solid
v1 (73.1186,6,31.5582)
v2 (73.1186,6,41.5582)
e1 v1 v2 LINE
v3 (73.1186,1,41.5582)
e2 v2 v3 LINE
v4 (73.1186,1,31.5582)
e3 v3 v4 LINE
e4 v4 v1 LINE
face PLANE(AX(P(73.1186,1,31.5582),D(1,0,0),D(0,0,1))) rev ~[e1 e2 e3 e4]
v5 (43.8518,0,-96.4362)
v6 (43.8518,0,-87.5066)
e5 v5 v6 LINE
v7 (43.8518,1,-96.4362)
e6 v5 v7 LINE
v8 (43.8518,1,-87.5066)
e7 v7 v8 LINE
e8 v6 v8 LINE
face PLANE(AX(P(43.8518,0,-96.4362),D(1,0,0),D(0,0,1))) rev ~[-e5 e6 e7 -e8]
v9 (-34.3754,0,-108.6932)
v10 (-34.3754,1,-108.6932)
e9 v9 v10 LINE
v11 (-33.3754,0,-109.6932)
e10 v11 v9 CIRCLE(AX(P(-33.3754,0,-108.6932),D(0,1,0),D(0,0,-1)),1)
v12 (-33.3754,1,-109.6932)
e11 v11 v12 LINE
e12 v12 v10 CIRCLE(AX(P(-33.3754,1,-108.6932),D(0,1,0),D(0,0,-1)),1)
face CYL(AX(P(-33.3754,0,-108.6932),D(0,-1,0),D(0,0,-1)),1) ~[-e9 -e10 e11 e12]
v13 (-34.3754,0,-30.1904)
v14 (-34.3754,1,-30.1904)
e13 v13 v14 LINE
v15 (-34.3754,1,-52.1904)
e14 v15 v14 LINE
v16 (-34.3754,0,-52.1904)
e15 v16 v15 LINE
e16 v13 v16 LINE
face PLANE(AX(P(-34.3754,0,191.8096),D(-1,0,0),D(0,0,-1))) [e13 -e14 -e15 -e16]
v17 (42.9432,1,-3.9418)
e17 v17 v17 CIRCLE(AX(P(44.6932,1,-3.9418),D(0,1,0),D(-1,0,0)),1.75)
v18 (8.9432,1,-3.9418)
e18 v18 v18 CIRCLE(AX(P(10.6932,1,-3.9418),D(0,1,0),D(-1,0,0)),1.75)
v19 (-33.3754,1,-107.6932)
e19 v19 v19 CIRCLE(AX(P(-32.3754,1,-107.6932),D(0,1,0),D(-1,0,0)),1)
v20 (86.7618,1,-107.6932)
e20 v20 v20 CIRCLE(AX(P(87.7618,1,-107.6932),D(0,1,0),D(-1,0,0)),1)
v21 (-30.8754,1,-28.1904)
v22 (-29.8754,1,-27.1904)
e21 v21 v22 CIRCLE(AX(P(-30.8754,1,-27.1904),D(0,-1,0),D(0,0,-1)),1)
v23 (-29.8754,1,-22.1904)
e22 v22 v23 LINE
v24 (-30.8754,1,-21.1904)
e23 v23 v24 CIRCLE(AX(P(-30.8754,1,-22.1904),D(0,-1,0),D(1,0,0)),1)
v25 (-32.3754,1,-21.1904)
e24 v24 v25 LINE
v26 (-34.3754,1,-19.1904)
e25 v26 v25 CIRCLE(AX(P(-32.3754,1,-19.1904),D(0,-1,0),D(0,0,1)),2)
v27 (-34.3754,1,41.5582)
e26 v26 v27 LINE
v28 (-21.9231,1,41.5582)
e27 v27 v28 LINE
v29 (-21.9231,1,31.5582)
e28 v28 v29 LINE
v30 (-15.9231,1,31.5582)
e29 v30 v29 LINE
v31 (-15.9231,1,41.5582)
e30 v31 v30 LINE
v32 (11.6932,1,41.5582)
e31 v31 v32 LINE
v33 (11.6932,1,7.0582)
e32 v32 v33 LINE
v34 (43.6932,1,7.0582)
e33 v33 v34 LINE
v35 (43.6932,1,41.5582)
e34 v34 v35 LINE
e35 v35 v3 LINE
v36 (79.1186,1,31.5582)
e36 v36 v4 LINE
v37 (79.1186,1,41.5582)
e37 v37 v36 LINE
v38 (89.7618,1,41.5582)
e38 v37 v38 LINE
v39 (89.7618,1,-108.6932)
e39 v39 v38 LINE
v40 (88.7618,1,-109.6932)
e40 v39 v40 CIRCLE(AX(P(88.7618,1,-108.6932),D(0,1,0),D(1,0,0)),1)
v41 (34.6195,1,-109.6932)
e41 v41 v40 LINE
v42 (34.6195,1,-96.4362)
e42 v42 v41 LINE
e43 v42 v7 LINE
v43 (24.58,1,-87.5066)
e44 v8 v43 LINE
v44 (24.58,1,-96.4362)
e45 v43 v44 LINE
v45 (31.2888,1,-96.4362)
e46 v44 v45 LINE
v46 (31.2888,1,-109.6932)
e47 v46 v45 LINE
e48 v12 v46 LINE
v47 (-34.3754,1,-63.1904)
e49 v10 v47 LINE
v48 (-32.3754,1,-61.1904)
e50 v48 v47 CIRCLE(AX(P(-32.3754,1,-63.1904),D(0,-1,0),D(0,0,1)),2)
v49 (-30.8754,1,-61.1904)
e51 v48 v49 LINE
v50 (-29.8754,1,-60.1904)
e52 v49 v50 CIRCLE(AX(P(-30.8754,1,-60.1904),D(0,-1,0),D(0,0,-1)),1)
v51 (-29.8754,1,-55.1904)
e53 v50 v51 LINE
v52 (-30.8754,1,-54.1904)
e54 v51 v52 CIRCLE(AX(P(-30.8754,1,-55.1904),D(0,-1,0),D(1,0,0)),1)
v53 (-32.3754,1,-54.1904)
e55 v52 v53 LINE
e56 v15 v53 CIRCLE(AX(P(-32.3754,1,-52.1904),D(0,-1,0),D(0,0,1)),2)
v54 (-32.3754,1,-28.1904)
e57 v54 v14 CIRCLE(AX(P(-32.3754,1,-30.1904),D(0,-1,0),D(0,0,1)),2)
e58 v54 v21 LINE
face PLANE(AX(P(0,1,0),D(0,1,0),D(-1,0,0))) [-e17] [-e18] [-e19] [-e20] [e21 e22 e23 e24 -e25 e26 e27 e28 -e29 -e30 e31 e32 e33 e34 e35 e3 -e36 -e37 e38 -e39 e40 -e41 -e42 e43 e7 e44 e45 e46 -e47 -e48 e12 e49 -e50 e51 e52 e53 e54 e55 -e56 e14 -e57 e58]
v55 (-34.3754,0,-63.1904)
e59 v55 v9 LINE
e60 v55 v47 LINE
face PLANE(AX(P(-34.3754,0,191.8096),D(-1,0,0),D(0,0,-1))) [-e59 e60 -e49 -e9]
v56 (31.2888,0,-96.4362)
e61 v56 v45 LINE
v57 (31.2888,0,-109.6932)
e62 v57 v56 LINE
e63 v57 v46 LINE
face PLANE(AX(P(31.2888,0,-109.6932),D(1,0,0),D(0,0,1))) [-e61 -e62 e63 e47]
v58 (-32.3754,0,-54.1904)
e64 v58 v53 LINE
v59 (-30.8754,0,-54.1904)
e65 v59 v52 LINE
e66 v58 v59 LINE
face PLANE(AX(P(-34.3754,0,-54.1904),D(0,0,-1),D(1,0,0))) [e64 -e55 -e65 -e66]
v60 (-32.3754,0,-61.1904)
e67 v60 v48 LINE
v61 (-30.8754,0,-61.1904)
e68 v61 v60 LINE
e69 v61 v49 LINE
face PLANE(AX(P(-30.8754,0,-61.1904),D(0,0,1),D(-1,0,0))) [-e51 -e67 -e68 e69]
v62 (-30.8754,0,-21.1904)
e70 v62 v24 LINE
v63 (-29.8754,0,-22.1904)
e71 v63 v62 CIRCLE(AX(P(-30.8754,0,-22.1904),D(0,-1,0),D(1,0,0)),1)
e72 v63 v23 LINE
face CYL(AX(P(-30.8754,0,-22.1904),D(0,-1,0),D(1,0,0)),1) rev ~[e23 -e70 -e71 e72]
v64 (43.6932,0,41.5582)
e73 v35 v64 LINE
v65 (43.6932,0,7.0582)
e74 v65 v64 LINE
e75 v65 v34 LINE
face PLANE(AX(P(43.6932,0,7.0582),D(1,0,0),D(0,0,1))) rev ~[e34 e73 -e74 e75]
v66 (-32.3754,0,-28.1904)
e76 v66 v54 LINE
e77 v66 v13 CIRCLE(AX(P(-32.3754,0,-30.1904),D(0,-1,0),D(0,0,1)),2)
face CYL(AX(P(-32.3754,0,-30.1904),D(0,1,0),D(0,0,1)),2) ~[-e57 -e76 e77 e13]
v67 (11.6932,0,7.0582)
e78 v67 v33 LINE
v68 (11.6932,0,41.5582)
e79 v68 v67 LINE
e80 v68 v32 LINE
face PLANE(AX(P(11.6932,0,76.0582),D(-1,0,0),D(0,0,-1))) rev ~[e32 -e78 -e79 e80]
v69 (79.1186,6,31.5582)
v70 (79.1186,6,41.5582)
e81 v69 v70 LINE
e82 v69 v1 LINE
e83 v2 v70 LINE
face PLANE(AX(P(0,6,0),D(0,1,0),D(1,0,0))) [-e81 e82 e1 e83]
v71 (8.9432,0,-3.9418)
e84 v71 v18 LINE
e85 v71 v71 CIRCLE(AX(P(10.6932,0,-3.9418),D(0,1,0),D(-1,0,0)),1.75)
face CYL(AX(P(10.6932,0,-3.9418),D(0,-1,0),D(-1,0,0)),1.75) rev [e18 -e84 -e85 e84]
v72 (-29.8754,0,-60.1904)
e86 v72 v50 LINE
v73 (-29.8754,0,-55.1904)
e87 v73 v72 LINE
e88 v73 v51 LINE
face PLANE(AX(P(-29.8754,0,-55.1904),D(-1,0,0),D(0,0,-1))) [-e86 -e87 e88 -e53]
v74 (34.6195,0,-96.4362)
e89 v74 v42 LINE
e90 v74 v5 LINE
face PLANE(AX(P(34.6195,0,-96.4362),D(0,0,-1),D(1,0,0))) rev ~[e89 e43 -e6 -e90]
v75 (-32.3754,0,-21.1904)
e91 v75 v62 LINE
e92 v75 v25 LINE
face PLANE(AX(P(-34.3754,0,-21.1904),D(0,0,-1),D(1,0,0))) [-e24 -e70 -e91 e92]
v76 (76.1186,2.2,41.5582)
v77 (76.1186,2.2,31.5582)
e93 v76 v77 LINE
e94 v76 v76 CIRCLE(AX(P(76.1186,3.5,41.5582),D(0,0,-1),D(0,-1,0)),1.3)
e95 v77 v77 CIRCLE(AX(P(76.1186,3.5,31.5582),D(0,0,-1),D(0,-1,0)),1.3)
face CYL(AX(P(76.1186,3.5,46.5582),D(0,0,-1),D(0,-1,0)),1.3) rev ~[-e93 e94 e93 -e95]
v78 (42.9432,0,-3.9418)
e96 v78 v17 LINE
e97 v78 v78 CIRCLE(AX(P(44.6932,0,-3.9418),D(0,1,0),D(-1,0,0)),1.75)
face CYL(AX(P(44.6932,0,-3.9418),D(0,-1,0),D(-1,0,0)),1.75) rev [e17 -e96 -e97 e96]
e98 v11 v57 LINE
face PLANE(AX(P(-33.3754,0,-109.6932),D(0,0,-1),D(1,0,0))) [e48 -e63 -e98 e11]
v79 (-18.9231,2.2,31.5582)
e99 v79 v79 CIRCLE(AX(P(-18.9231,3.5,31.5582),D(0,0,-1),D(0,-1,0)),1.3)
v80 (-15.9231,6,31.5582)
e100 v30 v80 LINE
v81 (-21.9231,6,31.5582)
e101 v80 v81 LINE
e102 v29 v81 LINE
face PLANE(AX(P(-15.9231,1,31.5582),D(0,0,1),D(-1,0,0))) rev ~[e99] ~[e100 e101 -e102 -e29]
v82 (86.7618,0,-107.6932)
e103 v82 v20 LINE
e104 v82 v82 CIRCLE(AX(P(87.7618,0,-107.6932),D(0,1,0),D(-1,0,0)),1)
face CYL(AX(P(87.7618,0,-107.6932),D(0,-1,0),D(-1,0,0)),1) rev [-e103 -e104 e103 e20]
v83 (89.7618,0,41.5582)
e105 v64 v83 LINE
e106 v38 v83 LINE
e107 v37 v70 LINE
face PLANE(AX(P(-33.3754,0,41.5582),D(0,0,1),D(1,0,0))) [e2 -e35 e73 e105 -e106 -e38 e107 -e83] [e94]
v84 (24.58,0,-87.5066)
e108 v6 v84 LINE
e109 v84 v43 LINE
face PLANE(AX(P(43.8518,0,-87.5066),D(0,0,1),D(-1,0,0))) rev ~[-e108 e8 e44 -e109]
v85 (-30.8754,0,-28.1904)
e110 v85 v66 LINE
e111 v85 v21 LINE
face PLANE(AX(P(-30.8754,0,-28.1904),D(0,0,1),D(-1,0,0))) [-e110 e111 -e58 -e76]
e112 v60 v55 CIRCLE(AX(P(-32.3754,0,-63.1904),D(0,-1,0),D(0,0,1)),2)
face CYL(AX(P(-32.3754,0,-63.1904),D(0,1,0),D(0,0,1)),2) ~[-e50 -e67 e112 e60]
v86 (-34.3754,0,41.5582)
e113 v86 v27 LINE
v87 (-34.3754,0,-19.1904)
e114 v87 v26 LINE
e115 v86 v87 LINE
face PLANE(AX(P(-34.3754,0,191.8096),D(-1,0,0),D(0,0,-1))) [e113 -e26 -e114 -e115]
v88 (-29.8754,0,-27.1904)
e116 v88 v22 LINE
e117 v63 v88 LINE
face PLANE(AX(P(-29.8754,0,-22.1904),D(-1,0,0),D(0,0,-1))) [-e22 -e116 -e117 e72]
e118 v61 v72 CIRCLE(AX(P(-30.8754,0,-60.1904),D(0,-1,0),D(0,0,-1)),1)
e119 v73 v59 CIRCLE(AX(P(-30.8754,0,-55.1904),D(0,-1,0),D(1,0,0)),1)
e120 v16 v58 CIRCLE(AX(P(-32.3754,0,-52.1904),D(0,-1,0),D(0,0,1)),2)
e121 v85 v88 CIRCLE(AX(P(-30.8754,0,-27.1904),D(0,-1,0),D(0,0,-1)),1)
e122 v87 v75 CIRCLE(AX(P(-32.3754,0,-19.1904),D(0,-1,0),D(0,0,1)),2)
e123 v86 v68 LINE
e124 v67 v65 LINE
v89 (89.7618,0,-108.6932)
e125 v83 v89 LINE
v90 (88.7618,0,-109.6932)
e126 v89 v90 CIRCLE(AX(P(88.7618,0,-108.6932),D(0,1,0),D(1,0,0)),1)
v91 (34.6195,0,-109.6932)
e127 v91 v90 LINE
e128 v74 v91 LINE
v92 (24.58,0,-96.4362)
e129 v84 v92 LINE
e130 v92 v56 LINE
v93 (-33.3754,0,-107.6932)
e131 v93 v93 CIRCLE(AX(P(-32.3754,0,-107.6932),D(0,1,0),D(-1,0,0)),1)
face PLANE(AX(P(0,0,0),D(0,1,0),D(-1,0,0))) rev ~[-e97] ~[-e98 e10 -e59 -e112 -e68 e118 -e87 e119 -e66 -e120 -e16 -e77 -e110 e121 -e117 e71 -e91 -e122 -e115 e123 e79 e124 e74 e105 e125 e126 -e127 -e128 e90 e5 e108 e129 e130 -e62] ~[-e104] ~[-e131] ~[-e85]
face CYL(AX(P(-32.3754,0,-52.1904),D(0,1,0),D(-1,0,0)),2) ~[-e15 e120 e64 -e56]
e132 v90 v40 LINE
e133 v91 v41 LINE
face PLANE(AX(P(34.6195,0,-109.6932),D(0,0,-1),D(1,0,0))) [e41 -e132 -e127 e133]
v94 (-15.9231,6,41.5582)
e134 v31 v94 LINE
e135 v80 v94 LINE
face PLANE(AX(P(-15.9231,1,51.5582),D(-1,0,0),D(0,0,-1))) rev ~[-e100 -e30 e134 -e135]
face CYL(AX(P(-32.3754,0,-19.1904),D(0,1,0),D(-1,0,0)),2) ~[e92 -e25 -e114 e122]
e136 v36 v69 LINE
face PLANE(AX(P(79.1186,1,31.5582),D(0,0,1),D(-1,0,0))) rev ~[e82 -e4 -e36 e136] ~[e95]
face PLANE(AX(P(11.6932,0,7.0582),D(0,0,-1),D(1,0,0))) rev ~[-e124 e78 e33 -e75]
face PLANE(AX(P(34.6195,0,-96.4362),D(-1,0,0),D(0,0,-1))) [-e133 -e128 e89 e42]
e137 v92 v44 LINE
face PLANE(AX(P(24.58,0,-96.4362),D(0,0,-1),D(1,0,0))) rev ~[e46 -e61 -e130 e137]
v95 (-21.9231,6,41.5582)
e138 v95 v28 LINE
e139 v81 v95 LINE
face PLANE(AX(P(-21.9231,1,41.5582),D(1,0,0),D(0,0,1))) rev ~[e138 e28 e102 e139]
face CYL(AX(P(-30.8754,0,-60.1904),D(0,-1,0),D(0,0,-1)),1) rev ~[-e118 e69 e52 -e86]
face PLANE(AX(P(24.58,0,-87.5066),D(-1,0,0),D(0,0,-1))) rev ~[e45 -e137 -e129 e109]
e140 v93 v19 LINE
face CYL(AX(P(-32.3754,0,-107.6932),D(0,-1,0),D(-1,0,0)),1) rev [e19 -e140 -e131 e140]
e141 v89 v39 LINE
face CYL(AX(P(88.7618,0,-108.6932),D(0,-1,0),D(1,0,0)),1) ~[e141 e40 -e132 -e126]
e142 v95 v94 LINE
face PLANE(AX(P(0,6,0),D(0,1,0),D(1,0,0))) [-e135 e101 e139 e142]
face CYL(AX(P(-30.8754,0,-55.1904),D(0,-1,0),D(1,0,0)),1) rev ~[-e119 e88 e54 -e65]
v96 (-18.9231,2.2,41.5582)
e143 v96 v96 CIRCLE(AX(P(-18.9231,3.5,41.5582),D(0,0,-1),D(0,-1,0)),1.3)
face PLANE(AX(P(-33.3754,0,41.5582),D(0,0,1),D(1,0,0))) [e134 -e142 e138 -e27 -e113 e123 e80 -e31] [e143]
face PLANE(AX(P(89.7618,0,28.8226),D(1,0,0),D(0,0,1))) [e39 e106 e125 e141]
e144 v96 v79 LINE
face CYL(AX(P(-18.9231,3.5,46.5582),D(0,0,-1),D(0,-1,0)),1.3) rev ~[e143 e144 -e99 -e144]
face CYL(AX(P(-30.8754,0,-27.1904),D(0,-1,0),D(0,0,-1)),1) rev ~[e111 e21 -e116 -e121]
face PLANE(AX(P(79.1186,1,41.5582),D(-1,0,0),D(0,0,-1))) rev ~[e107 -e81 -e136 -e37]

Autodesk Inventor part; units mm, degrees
ref_plane "YZ Plane" through (0, 0, 0) normal (1, 0, 0) x (0, 1, 0)
ref_plane "XZ Plane" through (0, 0, 0) normal (0, 1, 0) x (-1, 0, 0)
ref_plane "XY Plane" through (0, 0, 0) normal (0, 0, 1) x (1, 0, 0)
sketch "Sketch1" plane through (0, 0, 0) normal (0, 1, 0) x (-1, 0, 0)
  line L0 (-90.1493, 193.0734) -> (34.8507, 193.0734) construction
  line L1 (34.8507, 193.0734) -> (34.8507, 51.5734) construction
  line L2 (34.8507, 51.5734) -> (28.8507, 51.5734) construction
  line L3 (28.8507, 51.5734) -> (28.8507, 31.5734) construction
  line L4 (34.8507, 31.5734) -> (28.8507, 31.5734) construction
  line L5 (34.8507, 31.5734) -> (34.8507, -109.9266) construction
  line L6 (34.8507, -109.9266) -> (-90.1493, -109.9266) construction
  line L7 (-90.1493, -109.9266) -> (-90.1493, 31.5734) construction
  line L8 (-90.1493, 31.5734) -> (-84.1493, 31.5734) construction
  line L9 (-84.1493, 51.5734) -> (-84.1493, 31.5734) construction
  line L10 (-90.1493, 51.5734) -> (-84.1493, 51.5734) construction
  line L11 (-90.1493, 51.5734) -> (-90.1493, 193.0734) construction
  line L12 (-91.6493, 194.5734) -> (-91.6493, -111.4266) construction
  line L13 (-91.6493, -111.4266) -> (36.3507, -111.4266) construction
  line L14 (36.3507, -111.4266) -> (36.3507, 194.5734) construction
  line L15 (36.3507, 194.5734) -> (-91.6493, 194.5734) construction
  circle A0 centre (-88.1493, -107.9266) radius 1.1 construction
  line L16 (-86.1493, -109.9266) -> (-90.1493, -109.9266) construction
  line L17 (-86.1493, -109.9266) -> (-86.1493, -105.9266) construction
  line L18 (-86.1493, -105.9266) -> (-90.1493, -105.9266) construction
  line L19 (-90.1493, -109.9266) -> (-90.1493, -105.9266) construction
  line L20 (34.8507, -109.9266) -> (30.8507, -109.9266) construction
  line L21 (34.8507, -105.9687) -> (34.8507, -109.9266) construction
  line L22 (34.8507, -105.9687) -> (30.8507, -105.9687) construction
  line L23 (30.8507, -105.9687) -> (30.8507, -109.9266) construction
  circle A1 centre (32.8507, -107.9687) radius 1.1 construction
  circle A2 centre (-88.1493, 191.0734) radius 1.1 construction
  line L24 (-90.1493, 189.0734) -> (-90.1493, 193.0734) construction
  line L25 (-90.1493, 189.0734) -> (-86.1493, 189.0734) construction
  line L26 (-86.1493, 189.0734) -> (-86.1493, 193.0734) construction
  line L27 (-90.1493, 193.0734) -> (-86.1493, 193.0734) construction
  circle A3 centre (32.8507, 191.0734) radius 1.1 construction
  line L28 (30.8507, 193.0734) -> (34.8507, 193.0734) construction
  line L29 (30.8507, 193.0734) -> (30.8507, 189.0734) construction
  line L30 (30.8507, 189.0734) -> (34.8507, 189.0734) construction
  line L31 (34.8507, 193.0734) -> (34.8507, 189.0734) construction
  point P0 (0, 0)
  point P1 (0, 0)
sketch "Sketch2" plane through (0, 0, 0) normal (0, 1, 0) x (-1, 0, 0)
  line L0 (-89.7618, 28.8226) -> (-89.7618, 191.8096)
  line L1 (-88.7618, 192.8096) -> (33.3754, 192.8096)
  line L2 (34.3754, 191.8096) -> (34.3754, -108.6932)
  line L3 (-89.7618, -108.6932) -> (-89.7618, 28.8226)
  circle A0 centre (-87.7618, -107.6932) radius 1
  circle A1 centre (32.3754, -107.6932) radius 1
  line L4 (34.3754, 28.9308) -> (34.3754, -108.6932)
  circle A2 centre (-87.7618, 190.8096) radius 1
  circle A3 centre (32.3754, 190.8096) radius 1
  arc A4 (34.3754, 191.8096) -> (33.3754, 192.8096) centre (33.3754, 191.8096) ccw
  arc A5 (-88.7618, 192.8096) -> (-89.7618, 191.8096) centre (-88.7618, 191.8096) ccw
  arc A6 (-89.7618, -108.6932) -> (-88.7618, -109.6932) centre (-88.7618, -108.6932) ccw
  arc A7 (33.3754, -109.6932) -> (34.3754, -108.6932) centre (33.3754, -108.6932) ccw
  line L5 (-43.6932, 76.0582) -> (-11.6932, 76.0582)
  line L6 (-11.6932, 76.0582) -> (-11.6932, 7.0582)
  line L7 (-11.6932, 7.0582) -> (-43.6932, 7.0582)
  line L8 (-43.6932, 7.0582) -> (-43.6932, 76.0582)
  circle A8 centre (-44.6932, 80.8582) radius 1.75
  circle A9 centre (-10.6932, 80.8582) radius 1.75
  circle A10 centre (-10.6932, -3.9418) radius 1.75
  circle A11 centre (-44.6932, -3.9418) radius 1.75
  line L9 (-43.8518, -87.5066) -> (-24.58, -87.5066)
  line L10 (-24.58, -87.5066) -> (-24.58, -96.4362)
  line L11 (-43.8518, -96.4362) -> (-43.8518, -87.5066)
  line L12 (-34.6195, -96.4362) -> (-34.6195, -109.6932)
  line L13 (-31.2888, -109.6932) -> (-31.2888, -96.4362)
  line L14 (-24.58, -96.4362) -> (-31.2888, -96.4362)
  line L15 (-34.6195, -96.4362) -> (-43.8518, -96.4362)
  line L16 (33.3754, -109.6932) -> (-31.2888, -109.6932)
  line L17 (-34.6195, -109.6932) -> (-88.7618, -109.6932)
  line L18 (34.0825, -109.4003) -> (-89.4689, 192.5167) construction
  line L19 (-89.4689, -109.4003) -> (34.0825, 192.5167) construction
  line L20 (-27.6932, 41.5582) -> (9.3943, 41.5582) construction
  point P0 (0, 0)
  point P1 (-89.7618, 188.8096)
  point P2 (-85.7618, 192.8096)
  point P3 (-89.7618, 192.8096)
  dimension "d3" = 1
  dimension "d47" = 69
  dimension "d48" = 32
  dimension "d52" = 34.5
  dimension "d53" = 16
  dimension "d54" = 3.5
  dimension "d55" = 3.5
  dimension "d56" = 3.5
  dimension "d57" = 3.5
  dimension "d59" = 0
  dimension "d62" = 0
  dimension "d64" = 0
  dimension "d65" = 0
  dimension "d66" = 11
  dimension "d67" = 4.8
  dimension "d68" = 1
  dimension "d69" = 1
  dimension "d87" = 2
  dimension "d88" = 2
  dimension "d89" = 2
  dimension "d90" = 2
  dimension "d91" = 2
  dimension "d92" = 2
  dimension "d93" = 2
  dimension "d94" = 2
  dimension "d95" = 2
  dimension "d96" = 2
  dimension "d97" = 2
  dimension "d98" = 2
extrude "Extrusion1" add sketch "Sketch2" along normal blind 1
ref_plane "Work Plane1" through (-33.3754, 0, 41.5582) normal (0, 0, 1) x (1, 0, 0)
sketch "Sketch4" plane through (0, 1, 0) normal (0, 1, 0) x (1, 0, 0)
  line L0 (79.1186, -31.5582) -> (73.1186, -31.5582)
  line L1 (73.1186, -31.5582) -> (73.1186, -51.5582)
  line L2 (73.1186, -51.5582) -> (79.1186, -51.5582)
  line L3 (79.1186, -51.5582) -> (79.1186, -31.5582)
  line L4 (117.2493, -41.5582) -> (-61.9507, -41.5582) projected
  line L5 (-15.9231, -31.5582) -> (-21.9231, -31.5582)
  line L6 (-21.9231, -31.5582) -> (-21.9231, -51.5582)
  line L7 (-21.9231, -51.5582) -> (-15.9231, -51.5582)
  line L8 (-15.9231, -51.5582) -> (-15.9231, -31.5582)
  dimension "d10" = 6
  dimension "d11" = 20
  dimension "d12" = 10
  dimension "d13" = 6
  dimension "d14" = 20
  dimension "d15" = 10
extrude "Extrusion2" add sketch "Sketch4" along normal blind 5
sketch "Sketch6" plane through (-21.9231, 1, 51.5582) normal (0, 0, 1) x (1, 0, 0)
  line L0 (0, 5) -> (6, 5) projected
  line L1 (0, 0) -> (0, 5) projected
  line L2 (95.0417, 5) -> (101.0417, 5) projected
  line L3 (95.0417, 0) -> (95.0417, 5) projected
  point P0 (21.9231, -1)
  point P1 (3, 2.5)
  point P2 (98.0417, 2.5)
  dimension "d22" = 2.5
  dimension "d23" = 3
  dimension "d24" = 2.5
  dimension "d25" = 3
hole "Hole1" at (-18.9231, 3.5, 51.5582) at (76.1186, 3.5, 51.5582) direction (0, 0, -1) diameter 2.6 depth 5 countersink diameter 5 countersink angle 82
sketch "Sketch7" plane through (-18.9231, 3.5, 46.5582) normal (0, 0, 1) x (1, 0, 0)
  circle A0 centre (0, 0) radius 1.3 projected
  point P0 (18.9231, -3.5)
hole "Hole2" at (-18.9231, 3.5, 46.5582) direction (0, 0, -1) diameter 2.6 depth 15 tip angle 118
sketch "Sketch8" plane through (76.1186, 3.5, 46.5582) normal (0, 0, 1) x (1, 0, 0)
  circle A0 centre (0, 0) radius 1.3 projected
  point P0 (-76.1186, -3.5)
hole "Hole3" at (76.1186, 3.5, 46.5582) direction (0, 0, -1) diameter 2.6 depth 15 tip angle 118
sketch "Sketch9" plane through (0, 0, 0) normal (0, -1, 0) x (1, 0, 0)
  line L0 (-34.3754, -108.6932) -> (-34.3754, 191.8096) projected
  line L1 (-34.3754, 137.8096) -> (-30.8754, 137.8096)
  line L2 (-29.8754, 136.8096) -> (-29.8754, 131.8096)
  line L3 (-30.8754, 130.8096) -> (-34.3754, 130.8096)
  line L4 (-34.3754, 130.8096) -> (-34.3754, 137.8096)
  line L5 (-34.3754, 104.8096) -> (-30.8754, 104.8096)
  line L6 (-29.8754, 103.8096) -> (-29.8754, 98.8096)
  line L7 (-30.8754, 97.8096) -> (-34.3754, 97.8096)
  line L8 (-34.3754, 97.8096) -> (-34.3754, 104.8096)
  line L9 (-34.3754, -21.1904) -> (-30.8754, -21.1904)
  line L10 (-29.8754, -22.1904) -> (-29.8754, -27.1904)
  line L11 (-30.8754, -28.1904) -> (-34.3754, -28.1904)
  line L12 (-34.3754, -28.1904) -> (-34.3754, -21.1904)
  line L13 (-34.3754, -54.1904) -> (-30.8754, -54.1904)
  line L14 (-29.8754, -55.1904) -> (-29.8754, -60.1904)
  line L15 (-30.8754, -61.1904) -> (-34.3754, -61.1904)
  line L16 (-34.3754, -61.1904) -> (-34.3754, -54.1904)
  line L17 (-33.3754, 192.8096) -> (88.7618, 192.8096) projected
  arc A0 (-29.8754, 136.8096) -> (-30.8754, 137.8096) centre (-30.8754, 136.8096) ccw
  arc A1 (-30.8754, 130.8096) -> (-29.8754, 131.8096) centre (-30.8754, 131.8096) ccw
  arc A2 (-29.8754, 103.8096) -> (-30.8754, 104.8096) centre (-30.8754, 103.8096) ccw
  arc A3 (-30.8754, 97.8096) -> (-29.8754, 98.8096) centre (-30.8754, 98.8096) ccw
  arc A4 (-29.8754, -22.1904) -> (-30.8754, -21.1904) centre (-30.8754, -22.1904) ccw
  arc A5 (-30.8754, -28.1904) -> (-29.8754, -27.1904) centre (-30.8754, -27.1904) ccw
  arc A6 (-29.8754, -55.1904) -> (-30.8754, -54.1904) centre (-30.8754, -55.1904) ccw
  arc A7 (-30.8754, -61.1904) -> (-29.8754, -60.1904) centre (-30.8754, -60.1904) ccw
  point P0 (0, 0)
  point P1 (-29.8754, 97.8096)
  point P2 (-29.8754, 104.8096)
  point P3 (-29.8754, -28.1904)
  point P4 (-29.8754, -21.1904)
  point P5 (-29.8754, -61.1904)
  point P6 (-29.8754, -54.1904)
  dimension "d70" = 55
  dimension "d71" = 7
  dimension "d72" = 7
  dimension "d73" = 26
  dimension "d74" = 26
  dimension "d75" = 7
  dimension "d76" = 7
  dimension "d77" = 119
  dimension "d78" = 4.5
  dimension "d79" = 4.5
  dimension "d80" = 1
  dimension "d81" = 1
extrude "Extrusion3" cut sketch "Sketch9" against normal through all
fillet "Fillet1" radius 2 8 edges at (-34.3754, 0.5, 137.8096) (-34.3754, 0.5, 130.8096) (-34.3754, 0.5, 104.8096) (-34.3754, 0.5, 97.8096) (-34.3754, 0.5, -21.1904) (-34.3754, 0.5, -28.1904) (-34.3754, 0.5, -54.1904) (-34.3754, 0.5, -61.1904)
sketch "Sketch11" plane through (0, 0, 0) normal (0, -1, 0) x (1, 0, 0)
  line L0 (-34.3754, 139.8096) -> (-34.3754, 191.8096) projected
  line L1 (-34.3754, 178.177) -> (-25.2482, 178.177)
  line L2 (-25.2482, 178.177) -> (-25.2482, 158.3724)
  line L3 (-25.2482, 158.3724) -> (-34.3754, 158.3724)
  line L4 (-34.3754, 158.3724) -> (-34.3754, 178.177)
  point P0 (0, 0)
extrude "Extrusion5" cut sketch "Sketch11" against normal through all
fillet "Fillet2" radius 3 4 edges at (-34.3754, 0.5, 178.177) (-25.2482, 0.5, 178.177) (-25.2482, 0.5, 158.3724) (-34.3754, 0.5, 158.3724)
sketch "Sketch10" plane through (-33.3754, 0, 41.5582) normal (0, 0, 1) x (1, 0, 0)
  line L0 (158.018, -104.466) -> (-19.6119, -104.466)
  line L1 (-19.6119, -104.466) -> (-19.6119, 75.8038)
  line L2 (-19.6119, 75.8038) -> (158.018, 75.8038)
  line L3 (158.018, 75.8038) -> (158.018, -104.466)
  point P0 (33.3754, 0)
extrude "Extrusion4" cut sketch "Sketch10" along normal through all
properties part number "Screen Plate"
